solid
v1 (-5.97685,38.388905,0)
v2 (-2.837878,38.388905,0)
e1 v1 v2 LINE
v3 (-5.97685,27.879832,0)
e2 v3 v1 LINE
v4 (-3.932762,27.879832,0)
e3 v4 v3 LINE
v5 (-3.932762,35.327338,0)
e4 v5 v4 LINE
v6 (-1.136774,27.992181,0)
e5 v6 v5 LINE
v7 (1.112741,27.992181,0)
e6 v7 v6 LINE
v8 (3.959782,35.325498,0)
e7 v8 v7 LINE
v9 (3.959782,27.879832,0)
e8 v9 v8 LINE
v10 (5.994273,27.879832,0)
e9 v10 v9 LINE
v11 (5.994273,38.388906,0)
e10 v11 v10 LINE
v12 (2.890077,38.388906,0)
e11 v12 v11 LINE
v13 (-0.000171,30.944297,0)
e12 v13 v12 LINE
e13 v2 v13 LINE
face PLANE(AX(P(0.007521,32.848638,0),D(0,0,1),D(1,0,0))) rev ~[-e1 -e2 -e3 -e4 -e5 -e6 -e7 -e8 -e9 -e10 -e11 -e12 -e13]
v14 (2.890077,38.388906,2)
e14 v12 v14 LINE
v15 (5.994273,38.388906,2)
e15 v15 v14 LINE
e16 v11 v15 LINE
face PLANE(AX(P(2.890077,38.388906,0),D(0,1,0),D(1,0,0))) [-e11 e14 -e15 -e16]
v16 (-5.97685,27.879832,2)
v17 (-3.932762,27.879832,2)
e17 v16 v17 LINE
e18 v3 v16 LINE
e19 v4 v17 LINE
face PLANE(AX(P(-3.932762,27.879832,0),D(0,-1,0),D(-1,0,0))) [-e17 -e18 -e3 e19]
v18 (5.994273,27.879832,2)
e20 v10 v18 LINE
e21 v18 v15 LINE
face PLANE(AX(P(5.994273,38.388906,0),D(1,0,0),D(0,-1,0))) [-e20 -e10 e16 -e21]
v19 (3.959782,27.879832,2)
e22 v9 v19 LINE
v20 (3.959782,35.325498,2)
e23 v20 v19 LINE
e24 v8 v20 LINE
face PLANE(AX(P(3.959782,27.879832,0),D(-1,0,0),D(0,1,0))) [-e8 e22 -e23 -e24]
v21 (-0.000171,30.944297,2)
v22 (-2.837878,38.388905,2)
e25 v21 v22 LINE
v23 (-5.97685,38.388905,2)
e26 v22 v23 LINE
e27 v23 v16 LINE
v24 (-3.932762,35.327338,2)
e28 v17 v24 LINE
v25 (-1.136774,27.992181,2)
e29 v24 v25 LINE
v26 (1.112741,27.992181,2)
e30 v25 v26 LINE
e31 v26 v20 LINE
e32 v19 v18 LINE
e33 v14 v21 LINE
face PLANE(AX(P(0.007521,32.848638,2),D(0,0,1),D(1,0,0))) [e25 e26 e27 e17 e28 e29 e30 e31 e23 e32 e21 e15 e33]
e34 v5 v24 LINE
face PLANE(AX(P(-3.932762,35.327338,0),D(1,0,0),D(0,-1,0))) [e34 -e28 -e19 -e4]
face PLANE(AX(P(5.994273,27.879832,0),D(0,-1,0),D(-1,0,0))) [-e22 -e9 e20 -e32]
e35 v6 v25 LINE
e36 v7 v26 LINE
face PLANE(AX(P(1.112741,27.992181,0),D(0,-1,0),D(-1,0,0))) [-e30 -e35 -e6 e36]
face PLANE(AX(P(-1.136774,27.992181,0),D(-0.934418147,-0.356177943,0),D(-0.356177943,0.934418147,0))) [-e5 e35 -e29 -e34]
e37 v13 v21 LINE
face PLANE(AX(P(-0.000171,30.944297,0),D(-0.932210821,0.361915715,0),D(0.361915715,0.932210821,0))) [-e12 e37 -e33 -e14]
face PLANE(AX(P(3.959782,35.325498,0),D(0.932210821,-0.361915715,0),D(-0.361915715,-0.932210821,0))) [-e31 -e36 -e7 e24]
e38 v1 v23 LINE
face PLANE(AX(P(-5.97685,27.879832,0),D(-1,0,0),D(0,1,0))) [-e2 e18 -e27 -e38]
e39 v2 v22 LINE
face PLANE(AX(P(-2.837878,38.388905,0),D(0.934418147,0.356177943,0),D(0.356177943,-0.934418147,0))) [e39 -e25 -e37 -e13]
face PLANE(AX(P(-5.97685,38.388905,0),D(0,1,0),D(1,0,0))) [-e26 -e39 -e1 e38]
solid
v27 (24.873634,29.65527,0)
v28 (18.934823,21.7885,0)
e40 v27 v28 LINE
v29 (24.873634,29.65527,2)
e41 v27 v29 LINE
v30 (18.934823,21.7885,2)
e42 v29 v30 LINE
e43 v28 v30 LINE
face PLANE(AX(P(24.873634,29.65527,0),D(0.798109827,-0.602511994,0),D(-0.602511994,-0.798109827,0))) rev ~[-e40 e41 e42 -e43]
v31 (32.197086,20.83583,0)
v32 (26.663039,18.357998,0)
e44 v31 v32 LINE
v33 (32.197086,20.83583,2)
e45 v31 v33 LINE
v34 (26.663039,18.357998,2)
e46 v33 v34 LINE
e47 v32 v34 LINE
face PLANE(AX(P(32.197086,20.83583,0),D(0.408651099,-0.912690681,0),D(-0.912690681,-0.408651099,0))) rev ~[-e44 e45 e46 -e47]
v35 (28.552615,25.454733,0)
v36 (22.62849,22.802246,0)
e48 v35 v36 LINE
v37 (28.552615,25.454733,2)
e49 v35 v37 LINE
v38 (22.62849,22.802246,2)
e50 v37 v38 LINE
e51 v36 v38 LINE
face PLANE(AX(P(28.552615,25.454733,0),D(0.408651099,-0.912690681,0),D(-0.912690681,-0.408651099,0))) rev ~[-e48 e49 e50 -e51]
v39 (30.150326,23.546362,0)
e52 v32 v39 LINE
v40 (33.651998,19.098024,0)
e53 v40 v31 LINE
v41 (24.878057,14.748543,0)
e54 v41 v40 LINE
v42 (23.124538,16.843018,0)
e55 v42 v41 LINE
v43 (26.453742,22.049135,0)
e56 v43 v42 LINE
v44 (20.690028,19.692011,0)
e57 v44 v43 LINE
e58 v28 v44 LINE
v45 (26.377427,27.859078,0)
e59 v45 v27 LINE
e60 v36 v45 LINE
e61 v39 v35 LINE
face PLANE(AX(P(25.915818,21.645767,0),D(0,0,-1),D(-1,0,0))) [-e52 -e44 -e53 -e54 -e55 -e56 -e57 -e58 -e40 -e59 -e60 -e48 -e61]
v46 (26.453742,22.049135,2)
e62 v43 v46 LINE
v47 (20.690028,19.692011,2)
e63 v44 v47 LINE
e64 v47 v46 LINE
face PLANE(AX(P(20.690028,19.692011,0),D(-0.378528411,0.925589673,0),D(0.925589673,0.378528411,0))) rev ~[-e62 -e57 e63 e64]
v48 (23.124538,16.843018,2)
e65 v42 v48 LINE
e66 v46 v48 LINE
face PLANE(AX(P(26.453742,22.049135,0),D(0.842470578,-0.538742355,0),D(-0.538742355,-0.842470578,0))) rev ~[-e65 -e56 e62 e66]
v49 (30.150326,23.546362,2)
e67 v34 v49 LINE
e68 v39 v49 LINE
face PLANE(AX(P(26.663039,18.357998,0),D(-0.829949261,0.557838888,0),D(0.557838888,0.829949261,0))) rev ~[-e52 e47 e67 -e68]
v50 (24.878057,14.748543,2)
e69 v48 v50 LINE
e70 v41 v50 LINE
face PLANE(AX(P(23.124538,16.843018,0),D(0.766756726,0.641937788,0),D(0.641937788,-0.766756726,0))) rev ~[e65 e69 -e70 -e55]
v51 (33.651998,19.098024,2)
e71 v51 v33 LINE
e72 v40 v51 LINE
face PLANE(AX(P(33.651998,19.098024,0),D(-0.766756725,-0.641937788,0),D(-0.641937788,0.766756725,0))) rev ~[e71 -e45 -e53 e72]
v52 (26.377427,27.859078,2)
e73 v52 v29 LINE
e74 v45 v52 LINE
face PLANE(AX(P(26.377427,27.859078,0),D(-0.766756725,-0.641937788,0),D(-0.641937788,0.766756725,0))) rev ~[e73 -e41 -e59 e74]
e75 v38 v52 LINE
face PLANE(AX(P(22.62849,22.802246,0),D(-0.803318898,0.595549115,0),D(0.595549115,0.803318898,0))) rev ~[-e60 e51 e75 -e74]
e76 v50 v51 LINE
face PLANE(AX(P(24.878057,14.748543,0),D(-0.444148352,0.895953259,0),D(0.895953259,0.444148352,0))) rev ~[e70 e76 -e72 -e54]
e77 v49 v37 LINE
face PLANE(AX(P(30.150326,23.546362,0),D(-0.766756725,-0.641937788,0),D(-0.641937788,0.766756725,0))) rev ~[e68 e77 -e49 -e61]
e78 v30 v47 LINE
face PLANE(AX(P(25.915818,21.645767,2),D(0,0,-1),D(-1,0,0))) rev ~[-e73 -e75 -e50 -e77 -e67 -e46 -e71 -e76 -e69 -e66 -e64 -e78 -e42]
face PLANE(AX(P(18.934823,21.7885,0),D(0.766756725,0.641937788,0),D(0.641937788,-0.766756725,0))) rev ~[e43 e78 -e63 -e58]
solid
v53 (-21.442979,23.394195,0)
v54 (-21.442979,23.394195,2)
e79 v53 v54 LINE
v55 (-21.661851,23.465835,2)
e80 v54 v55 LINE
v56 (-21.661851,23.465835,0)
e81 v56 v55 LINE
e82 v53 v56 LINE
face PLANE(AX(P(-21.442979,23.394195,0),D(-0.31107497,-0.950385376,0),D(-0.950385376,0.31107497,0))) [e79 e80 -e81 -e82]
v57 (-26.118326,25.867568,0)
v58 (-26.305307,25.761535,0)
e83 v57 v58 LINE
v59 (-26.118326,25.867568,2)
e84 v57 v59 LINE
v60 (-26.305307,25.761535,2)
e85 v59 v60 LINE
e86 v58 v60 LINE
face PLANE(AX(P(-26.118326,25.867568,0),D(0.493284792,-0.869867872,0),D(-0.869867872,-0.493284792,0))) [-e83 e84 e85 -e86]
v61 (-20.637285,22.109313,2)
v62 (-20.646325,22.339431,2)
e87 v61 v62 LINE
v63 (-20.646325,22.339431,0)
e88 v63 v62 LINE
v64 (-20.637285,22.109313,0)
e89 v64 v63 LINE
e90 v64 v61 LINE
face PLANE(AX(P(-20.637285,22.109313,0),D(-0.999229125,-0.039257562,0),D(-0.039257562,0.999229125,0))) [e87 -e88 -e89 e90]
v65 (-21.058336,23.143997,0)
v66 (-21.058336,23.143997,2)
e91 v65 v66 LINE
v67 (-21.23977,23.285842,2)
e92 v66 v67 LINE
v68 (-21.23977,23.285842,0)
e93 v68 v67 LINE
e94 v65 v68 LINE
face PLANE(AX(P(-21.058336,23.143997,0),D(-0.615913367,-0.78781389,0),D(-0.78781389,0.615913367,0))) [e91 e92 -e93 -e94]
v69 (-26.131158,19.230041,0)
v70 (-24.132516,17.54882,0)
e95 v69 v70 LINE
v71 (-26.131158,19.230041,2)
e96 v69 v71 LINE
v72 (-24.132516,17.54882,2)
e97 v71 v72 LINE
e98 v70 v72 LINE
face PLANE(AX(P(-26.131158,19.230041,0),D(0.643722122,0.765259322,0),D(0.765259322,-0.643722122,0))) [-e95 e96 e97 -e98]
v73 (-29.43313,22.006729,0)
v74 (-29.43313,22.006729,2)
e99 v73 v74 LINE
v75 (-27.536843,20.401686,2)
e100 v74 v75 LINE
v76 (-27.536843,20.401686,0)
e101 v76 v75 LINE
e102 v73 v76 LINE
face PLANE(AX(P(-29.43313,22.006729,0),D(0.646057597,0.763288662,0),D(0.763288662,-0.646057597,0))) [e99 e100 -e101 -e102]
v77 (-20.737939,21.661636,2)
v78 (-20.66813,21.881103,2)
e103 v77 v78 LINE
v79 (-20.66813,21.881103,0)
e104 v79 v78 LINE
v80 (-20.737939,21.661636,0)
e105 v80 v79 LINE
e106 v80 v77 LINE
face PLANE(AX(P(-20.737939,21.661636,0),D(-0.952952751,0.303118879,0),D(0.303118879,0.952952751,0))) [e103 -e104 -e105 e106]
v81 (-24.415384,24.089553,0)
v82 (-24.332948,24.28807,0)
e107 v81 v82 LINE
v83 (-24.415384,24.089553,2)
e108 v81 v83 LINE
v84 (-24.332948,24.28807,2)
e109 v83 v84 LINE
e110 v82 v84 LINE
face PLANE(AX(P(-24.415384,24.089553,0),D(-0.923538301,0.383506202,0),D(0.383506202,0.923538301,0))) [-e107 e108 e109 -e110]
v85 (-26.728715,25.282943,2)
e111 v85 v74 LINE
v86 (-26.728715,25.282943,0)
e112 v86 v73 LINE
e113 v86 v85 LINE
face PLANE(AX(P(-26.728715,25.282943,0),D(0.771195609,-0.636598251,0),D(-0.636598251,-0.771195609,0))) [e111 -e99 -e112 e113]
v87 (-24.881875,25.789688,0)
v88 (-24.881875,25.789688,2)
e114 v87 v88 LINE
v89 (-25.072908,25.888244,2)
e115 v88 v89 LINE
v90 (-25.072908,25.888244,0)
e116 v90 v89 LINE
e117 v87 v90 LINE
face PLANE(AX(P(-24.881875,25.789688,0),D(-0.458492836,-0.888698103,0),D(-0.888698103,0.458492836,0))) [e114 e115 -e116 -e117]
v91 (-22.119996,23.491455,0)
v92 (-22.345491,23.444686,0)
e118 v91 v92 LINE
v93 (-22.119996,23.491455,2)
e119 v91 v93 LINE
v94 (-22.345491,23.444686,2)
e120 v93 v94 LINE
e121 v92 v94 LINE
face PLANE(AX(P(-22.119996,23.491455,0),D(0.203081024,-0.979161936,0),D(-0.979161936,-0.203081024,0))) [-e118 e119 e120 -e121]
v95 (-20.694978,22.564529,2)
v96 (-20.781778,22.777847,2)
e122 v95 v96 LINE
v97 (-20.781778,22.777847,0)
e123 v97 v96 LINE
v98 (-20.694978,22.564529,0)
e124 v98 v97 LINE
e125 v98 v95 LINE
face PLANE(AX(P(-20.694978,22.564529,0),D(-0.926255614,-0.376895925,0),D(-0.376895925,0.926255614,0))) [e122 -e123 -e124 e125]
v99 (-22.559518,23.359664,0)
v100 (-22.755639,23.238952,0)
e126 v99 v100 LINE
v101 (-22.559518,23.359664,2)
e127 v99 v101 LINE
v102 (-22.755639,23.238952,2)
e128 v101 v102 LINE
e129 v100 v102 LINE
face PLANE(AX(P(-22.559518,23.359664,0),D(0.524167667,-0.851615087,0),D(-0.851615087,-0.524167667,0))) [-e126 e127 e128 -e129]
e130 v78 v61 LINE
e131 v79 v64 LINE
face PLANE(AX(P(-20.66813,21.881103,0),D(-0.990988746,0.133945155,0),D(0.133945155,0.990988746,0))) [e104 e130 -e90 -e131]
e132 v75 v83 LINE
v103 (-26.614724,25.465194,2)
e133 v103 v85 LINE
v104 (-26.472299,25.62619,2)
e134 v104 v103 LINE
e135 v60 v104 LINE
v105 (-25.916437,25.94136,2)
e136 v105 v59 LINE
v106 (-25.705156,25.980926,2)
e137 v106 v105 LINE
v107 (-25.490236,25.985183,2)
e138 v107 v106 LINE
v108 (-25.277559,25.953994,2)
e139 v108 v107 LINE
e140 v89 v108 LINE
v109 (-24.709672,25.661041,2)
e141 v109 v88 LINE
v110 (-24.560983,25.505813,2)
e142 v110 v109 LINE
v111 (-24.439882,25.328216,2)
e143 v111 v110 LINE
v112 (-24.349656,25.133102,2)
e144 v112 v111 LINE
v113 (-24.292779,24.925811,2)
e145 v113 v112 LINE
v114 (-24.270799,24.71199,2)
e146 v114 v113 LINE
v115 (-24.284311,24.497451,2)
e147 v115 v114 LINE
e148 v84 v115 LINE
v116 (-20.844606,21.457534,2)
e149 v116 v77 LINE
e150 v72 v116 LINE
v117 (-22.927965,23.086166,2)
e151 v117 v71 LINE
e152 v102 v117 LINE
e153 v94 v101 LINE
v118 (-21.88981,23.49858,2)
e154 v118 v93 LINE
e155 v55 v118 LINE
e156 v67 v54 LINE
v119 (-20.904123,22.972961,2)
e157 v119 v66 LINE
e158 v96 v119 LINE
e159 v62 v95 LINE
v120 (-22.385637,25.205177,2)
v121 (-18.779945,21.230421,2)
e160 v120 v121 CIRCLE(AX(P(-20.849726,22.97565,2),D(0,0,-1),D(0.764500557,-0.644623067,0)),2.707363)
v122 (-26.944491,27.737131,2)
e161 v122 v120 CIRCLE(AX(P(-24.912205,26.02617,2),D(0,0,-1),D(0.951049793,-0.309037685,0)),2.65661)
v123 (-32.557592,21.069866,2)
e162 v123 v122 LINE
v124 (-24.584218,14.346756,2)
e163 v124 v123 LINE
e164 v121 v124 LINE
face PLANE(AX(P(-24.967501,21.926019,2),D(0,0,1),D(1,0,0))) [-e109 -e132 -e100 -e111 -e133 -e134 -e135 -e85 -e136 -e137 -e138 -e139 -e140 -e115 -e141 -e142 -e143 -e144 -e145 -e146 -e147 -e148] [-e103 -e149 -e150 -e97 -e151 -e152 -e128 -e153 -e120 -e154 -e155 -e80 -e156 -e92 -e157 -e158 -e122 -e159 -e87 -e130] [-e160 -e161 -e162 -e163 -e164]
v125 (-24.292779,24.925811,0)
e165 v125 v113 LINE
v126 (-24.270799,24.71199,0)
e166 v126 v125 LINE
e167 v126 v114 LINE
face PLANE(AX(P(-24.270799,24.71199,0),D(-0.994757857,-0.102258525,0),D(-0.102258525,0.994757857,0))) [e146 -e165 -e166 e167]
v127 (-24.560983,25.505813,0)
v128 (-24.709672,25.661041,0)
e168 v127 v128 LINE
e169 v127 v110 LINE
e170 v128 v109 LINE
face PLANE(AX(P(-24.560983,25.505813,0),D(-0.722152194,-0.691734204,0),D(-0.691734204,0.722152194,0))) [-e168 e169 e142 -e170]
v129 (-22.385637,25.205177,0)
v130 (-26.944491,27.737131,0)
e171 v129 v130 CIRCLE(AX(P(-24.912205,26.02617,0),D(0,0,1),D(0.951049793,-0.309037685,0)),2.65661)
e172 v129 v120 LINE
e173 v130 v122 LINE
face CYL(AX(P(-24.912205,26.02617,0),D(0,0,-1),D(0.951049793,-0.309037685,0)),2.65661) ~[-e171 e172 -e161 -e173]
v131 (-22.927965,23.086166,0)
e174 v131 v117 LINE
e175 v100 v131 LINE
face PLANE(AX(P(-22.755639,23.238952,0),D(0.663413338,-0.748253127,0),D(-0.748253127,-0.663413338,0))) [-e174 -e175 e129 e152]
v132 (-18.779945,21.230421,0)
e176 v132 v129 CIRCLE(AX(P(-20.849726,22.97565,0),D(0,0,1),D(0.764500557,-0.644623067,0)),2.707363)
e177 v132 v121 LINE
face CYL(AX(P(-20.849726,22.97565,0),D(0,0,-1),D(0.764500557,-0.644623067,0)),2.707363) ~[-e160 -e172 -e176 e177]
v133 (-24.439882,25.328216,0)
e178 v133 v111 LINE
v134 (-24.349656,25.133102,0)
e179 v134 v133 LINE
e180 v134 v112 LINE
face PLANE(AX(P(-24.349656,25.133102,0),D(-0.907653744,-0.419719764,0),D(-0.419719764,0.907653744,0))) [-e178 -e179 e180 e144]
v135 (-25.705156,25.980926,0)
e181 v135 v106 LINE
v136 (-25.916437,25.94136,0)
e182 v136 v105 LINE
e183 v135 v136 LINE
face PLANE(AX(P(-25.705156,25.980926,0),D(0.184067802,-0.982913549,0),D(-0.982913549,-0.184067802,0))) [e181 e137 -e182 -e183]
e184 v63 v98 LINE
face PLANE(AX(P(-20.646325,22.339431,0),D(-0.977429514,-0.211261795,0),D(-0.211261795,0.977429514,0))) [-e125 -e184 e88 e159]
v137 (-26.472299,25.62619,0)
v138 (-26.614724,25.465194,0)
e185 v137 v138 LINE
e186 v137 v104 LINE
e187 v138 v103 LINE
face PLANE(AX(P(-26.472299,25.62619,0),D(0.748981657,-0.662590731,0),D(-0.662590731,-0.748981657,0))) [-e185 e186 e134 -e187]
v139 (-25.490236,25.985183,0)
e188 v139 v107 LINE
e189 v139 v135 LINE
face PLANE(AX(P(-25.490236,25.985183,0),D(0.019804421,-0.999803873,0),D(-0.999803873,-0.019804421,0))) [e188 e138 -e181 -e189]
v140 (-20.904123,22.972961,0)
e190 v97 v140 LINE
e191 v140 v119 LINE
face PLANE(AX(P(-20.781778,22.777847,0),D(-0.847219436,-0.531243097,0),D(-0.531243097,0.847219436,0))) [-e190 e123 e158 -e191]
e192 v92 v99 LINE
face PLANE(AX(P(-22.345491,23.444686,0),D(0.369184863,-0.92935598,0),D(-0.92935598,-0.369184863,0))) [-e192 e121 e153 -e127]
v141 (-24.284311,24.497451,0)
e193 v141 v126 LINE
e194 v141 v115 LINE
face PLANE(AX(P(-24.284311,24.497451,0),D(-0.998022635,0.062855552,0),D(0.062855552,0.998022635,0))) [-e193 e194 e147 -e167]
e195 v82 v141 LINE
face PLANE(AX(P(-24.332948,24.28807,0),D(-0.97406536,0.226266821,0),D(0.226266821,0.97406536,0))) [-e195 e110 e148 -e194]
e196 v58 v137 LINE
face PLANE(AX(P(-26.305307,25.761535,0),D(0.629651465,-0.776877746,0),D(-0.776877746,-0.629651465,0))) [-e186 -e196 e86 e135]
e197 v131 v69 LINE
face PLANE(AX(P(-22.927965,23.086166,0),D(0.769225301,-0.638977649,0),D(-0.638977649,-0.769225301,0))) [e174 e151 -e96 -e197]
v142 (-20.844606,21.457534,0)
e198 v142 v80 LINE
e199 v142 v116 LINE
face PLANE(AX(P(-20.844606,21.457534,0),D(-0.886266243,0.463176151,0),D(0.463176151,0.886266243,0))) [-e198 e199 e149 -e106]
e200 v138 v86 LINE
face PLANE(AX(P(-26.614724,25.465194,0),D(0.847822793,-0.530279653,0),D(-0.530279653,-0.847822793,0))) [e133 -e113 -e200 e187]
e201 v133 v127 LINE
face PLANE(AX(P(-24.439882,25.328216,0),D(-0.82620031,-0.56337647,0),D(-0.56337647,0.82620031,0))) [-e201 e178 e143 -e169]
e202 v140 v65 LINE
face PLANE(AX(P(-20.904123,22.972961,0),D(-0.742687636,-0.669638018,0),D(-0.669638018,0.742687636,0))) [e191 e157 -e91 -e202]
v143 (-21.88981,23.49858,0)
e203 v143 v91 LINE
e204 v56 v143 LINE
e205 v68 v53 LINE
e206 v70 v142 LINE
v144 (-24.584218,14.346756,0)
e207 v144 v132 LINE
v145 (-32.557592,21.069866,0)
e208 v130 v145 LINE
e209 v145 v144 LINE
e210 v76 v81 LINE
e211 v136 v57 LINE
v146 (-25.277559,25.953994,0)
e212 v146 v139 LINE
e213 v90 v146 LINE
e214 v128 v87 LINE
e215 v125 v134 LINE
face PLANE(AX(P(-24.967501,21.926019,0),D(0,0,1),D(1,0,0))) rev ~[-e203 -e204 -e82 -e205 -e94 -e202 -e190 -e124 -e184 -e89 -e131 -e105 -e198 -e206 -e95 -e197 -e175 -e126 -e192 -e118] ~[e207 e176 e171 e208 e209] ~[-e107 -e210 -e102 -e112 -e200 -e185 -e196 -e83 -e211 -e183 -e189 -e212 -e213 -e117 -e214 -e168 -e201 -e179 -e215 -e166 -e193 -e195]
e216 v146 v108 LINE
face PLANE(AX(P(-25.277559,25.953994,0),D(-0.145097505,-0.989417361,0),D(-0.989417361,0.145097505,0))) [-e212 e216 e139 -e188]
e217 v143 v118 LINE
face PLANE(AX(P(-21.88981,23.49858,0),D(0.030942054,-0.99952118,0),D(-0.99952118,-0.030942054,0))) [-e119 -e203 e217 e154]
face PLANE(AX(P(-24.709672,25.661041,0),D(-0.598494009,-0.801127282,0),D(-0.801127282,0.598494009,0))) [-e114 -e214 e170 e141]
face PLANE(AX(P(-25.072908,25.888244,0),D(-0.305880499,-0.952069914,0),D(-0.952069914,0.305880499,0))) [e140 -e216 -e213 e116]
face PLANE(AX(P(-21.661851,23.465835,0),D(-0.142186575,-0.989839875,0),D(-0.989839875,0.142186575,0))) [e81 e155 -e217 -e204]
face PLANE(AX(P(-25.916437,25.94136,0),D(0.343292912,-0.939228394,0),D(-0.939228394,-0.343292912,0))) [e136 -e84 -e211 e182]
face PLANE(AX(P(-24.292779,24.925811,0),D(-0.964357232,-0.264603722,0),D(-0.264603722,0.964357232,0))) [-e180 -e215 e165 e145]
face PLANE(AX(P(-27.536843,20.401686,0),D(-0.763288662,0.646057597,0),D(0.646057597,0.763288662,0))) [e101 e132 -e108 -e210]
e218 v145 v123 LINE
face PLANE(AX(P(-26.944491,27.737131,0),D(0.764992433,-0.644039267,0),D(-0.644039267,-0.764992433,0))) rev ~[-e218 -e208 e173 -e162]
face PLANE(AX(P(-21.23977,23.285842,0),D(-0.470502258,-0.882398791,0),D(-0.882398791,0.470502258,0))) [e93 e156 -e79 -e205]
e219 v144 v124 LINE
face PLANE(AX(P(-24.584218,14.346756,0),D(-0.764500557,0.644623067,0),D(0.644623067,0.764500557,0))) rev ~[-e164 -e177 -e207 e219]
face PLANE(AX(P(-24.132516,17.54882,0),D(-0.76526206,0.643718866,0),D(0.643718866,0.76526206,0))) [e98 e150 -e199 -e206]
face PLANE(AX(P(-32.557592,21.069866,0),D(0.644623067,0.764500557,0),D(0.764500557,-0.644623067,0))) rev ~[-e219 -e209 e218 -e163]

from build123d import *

# Parameters (mm, degrees)
EXTRUDE_1_DEPTH     = 2
EXTRUDE_1_2_DEPTH   = 2
EXTRUDE_1_3_DEPTH   = 2
SKETCH_6_W          = 86.886545811
SKETCH_6_H          = 45.352143988
CUT_EXTRUDE_1_DEPTH = 52.125644596


with BuildPart() as part:
    # 草图4 → 凸台-拉伸1 (new body)
    with BuildSketch(Plane.XY):
        Polygon((-32.5857633, 21.06745862), (-24.581820031, 14.318573463), (-18.667207086, 21.333098879), (-18.41413244, 21.736159792), (-18.234803522, 22.177001467), (-18.13465246, 22.642257204), (-18.116731012, 23.117843142), (-18.181557978, 23.589339724), (-18.32718786, 24.042434206), (-18.549203241, 24.463393679), (-18.840867365, 24.839477053), (-19.193337763, 25.159270754), (-19.595940912, 25.413070192), (-20.036454523, 25.593200197), (-20.501542414, 25.694198122), (-20.977090204, 25.712981691), (-21.448693598, 25.649001589), (-21.902055109, 25.504195681), (-22.323418939, 25.282943239), (-22.237939203, 25.721435061), (-22.226228083, 26.168029299), (-22.288621271, 26.610396853), (-22.423394525, 27.03633069), (-22.626817072, 27.434081545), (-22.893288935, 27.792647829), (-23.215455377, 28.102157106), (-23.584405268, 28.354064455), (-23.989976251, 28.541396608), (-24.420968378, 28.659011354), (-24.865479792, 28.703643312), (-25.311242426, 28.67405652), (-25.745965326, 28.571090212), (-26.157632196, 28.397567263), (-26.534890497, 28.158278933), (-26.867333734, 27.859832277), align=None)
        Polygon((-29.433129633, 22.00672864), (-27.536842846, 20.401686478), (-24.415383661, 24.089553347), (-24.332948053, 24.288070192), (-24.284310663, 24.497451296), (-24.270799005, 24.71198987), (-24.292779291, 24.925811281), (-24.349656427, 25.133101931), (-24.439881647, 25.328216066), (-24.560983026, 25.505813112), (-24.709672296, 25.661040773), (-24.88187536, 25.789687624), (-25.07290777, 25.888244143), (-25.277558649, 25.953994265), (-25.490235651, 25.985183229), (-25.705155695, 25.980926027), (-25.916436518, 25.941359987), (-26.118325556, 25.867568483), (-26.305306757, 25.761535158), (-26.472298944, 25.626189699), (-26.614724481, 25.465194216), (-26.728715265, 25.282943239), align=None, mode=Mode.SUBTRACT)
        Polygon((-22.927964533, 23.086165895), (-26.131158197, 19.230041018), (-24.13251623, 17.548820009), (-20.844605768, 21.457534304), (-20.737939203, 21.661635866), (-20.668130243, 21.881103029), (-20.637284601, 22.109313479), (-20.646325434, 22.339431276), (-20.694978083, 22.564528933), (-20.781777704, 22.777846804), (-20.904122675, 22.972960939), (-21.058335626, 23.143996706), (-21.239770258, 23.285842409), (-21.442979181, 23.39419507), (-21.661851251, 23.465835085), (-21.889809931, 23.498580446), (-22.119996393, 23.491454592), (-22.345490778, 23.444686403), (-22.559518183, 23.359664431), (-22.755639398, 23.23895215), align=None, mode=Mode.SUBTRACT)
    extrude(amount=EXTRUDE_1_DEPTH)


with BuildPart() as body_2:
    # 草图4 → Extrude 1 2 (new body)
    with BuildSketch(Plane.XY):
        Polygon((-5.996850336, 38.408904543), (-5.996850336, 27.859832277), (-3.91276153, 27.859832277), (-3.91276153, 35.218716958), (-1.150554499, 27.972180703), (1.12643067, 27.972180703), (3.939782293, 35.218721034), (3.939782293, 27.859832277), (6.014273321, 27.859832277), (6.014273321, 38.408905525), (2.876387274, 38.408905525), (0, 31), (-2.824097956, 38.408904543), align=None)
    extrude(amount=EXTRUDE_1_2_DEPTH)


with BuildPart() as body_3:
    # 草图4 → Extrude 1 3 (new body)
    with BuildSketch(Plane.XY):
        Polygon((24.872824347, 29.687392702), (26.402881435, 27.859829995), (22.690074891, 22.851733117), (28.558242873, 25.479165769), (30.175307816, 23.547677324), (26.718580446, 18.404779635), (32.2027141, 20.860263506), (33.683638635, 19.091386728), (24.872830811, 14.723630109), (23.099783575, 16.841430178), (26.402884161, 22.00672864), (20.684073126, 19.667968264), (18.909277594, 21.787856569), align=None)
    extrude(amount=EXTRUDE_1_3_DEPTH)


with BuildPart() as cut_extrude_1_tool:
    # 草图6 → 切除-拉伸1 (new, through all)
    with BuildSketch(Plane.XY):
        with Locations((-4.093328752, 26.77922536)):
            Rectangle(SKETCH_6_W, SKETCH_6_H)
        with BuildLine():
            ThreePointArc((-18.779945256, 21.23042121), (-18.844501198, 24.794684989), (-22.385636588, 25.205177258))
            ThreePointArc((-22.385636588, 25.205177258), (-23.622330361, 28.348625158), (-26.944490905, 27.737130673))
            Line((-26.944490905, 27.737130673), (-32.557592495, 21.069866008))
            Line((-32.557592495, 21.069866008), (-24.584217581, 14.346755935))
            Line((-24.584217581, 14.346755935), (-18.779945256, 21.23042121))
        make_face(mode=Mode.SUBTRACT)
        Polygon((26.377427175, 27.859077936), (24.873633648, 29.655270373), (18.934822664, 21.788500161), (20.690027859, 19.692011354), (26.453742022, 22.049135277), (23.124538426, 16.84301764), (24.878056962, 14.748543447), (33.65199784, 19.098024119), (32.197085963, 20.835830316), (26.663039037, 18.357998115), (30.150325546, 23.546361502), (28.552614736, 25.454732579), (22.628490187, 22.802245752), align=None, mode=Mode.SUBTRACT)
        Polygon((-3.93276153, 35.327337842), (-3.93276153, 27.879832277), (-5.976850336, 27.879832277), (-5.976850336, 38.388904543), (-2.837878126, 38.388904543), (-0.000171222, 30.944297486), (2.890076973, 38.388905525), (5.994273321, 38.388905525), (5.994273321, 27.879832277), (3.959782293, 27.879832277), (3.959782293, 35.325497874), (1.112740971, 27.992180703), (-1.136774328, 27.992180703), align=None, mode=Mode.SUBTRACT)
    extrude(amount=CUT_EXTRUDE_1_DEPTH)


with BuildPart() as part_1:
    add(part.part)

    # 切除-拉伸1: cut by cut_extrude_1_tool
    add(cut_extrude_1_tool.part, mode=Mode.SUBTRACT)


with BuildPart() as body_2_1:
    add(body_2.part)

    # 切除-拉伸1: cut by cut_extrude_1_tool
    add(cut_extrude_1_tool.part, mode=Mode.SUBTRACT)


with BuildPart() as body_3_1:
    add(body_3.part)

    # 切除-拉伸1: cut by cut_extrude_1_tool
    add(cut_extrude_1_tool.part, mode=Mode.SUBTRACT)


solid = Compound([part_1.part, body_2_1.part, body_3_1.part])
